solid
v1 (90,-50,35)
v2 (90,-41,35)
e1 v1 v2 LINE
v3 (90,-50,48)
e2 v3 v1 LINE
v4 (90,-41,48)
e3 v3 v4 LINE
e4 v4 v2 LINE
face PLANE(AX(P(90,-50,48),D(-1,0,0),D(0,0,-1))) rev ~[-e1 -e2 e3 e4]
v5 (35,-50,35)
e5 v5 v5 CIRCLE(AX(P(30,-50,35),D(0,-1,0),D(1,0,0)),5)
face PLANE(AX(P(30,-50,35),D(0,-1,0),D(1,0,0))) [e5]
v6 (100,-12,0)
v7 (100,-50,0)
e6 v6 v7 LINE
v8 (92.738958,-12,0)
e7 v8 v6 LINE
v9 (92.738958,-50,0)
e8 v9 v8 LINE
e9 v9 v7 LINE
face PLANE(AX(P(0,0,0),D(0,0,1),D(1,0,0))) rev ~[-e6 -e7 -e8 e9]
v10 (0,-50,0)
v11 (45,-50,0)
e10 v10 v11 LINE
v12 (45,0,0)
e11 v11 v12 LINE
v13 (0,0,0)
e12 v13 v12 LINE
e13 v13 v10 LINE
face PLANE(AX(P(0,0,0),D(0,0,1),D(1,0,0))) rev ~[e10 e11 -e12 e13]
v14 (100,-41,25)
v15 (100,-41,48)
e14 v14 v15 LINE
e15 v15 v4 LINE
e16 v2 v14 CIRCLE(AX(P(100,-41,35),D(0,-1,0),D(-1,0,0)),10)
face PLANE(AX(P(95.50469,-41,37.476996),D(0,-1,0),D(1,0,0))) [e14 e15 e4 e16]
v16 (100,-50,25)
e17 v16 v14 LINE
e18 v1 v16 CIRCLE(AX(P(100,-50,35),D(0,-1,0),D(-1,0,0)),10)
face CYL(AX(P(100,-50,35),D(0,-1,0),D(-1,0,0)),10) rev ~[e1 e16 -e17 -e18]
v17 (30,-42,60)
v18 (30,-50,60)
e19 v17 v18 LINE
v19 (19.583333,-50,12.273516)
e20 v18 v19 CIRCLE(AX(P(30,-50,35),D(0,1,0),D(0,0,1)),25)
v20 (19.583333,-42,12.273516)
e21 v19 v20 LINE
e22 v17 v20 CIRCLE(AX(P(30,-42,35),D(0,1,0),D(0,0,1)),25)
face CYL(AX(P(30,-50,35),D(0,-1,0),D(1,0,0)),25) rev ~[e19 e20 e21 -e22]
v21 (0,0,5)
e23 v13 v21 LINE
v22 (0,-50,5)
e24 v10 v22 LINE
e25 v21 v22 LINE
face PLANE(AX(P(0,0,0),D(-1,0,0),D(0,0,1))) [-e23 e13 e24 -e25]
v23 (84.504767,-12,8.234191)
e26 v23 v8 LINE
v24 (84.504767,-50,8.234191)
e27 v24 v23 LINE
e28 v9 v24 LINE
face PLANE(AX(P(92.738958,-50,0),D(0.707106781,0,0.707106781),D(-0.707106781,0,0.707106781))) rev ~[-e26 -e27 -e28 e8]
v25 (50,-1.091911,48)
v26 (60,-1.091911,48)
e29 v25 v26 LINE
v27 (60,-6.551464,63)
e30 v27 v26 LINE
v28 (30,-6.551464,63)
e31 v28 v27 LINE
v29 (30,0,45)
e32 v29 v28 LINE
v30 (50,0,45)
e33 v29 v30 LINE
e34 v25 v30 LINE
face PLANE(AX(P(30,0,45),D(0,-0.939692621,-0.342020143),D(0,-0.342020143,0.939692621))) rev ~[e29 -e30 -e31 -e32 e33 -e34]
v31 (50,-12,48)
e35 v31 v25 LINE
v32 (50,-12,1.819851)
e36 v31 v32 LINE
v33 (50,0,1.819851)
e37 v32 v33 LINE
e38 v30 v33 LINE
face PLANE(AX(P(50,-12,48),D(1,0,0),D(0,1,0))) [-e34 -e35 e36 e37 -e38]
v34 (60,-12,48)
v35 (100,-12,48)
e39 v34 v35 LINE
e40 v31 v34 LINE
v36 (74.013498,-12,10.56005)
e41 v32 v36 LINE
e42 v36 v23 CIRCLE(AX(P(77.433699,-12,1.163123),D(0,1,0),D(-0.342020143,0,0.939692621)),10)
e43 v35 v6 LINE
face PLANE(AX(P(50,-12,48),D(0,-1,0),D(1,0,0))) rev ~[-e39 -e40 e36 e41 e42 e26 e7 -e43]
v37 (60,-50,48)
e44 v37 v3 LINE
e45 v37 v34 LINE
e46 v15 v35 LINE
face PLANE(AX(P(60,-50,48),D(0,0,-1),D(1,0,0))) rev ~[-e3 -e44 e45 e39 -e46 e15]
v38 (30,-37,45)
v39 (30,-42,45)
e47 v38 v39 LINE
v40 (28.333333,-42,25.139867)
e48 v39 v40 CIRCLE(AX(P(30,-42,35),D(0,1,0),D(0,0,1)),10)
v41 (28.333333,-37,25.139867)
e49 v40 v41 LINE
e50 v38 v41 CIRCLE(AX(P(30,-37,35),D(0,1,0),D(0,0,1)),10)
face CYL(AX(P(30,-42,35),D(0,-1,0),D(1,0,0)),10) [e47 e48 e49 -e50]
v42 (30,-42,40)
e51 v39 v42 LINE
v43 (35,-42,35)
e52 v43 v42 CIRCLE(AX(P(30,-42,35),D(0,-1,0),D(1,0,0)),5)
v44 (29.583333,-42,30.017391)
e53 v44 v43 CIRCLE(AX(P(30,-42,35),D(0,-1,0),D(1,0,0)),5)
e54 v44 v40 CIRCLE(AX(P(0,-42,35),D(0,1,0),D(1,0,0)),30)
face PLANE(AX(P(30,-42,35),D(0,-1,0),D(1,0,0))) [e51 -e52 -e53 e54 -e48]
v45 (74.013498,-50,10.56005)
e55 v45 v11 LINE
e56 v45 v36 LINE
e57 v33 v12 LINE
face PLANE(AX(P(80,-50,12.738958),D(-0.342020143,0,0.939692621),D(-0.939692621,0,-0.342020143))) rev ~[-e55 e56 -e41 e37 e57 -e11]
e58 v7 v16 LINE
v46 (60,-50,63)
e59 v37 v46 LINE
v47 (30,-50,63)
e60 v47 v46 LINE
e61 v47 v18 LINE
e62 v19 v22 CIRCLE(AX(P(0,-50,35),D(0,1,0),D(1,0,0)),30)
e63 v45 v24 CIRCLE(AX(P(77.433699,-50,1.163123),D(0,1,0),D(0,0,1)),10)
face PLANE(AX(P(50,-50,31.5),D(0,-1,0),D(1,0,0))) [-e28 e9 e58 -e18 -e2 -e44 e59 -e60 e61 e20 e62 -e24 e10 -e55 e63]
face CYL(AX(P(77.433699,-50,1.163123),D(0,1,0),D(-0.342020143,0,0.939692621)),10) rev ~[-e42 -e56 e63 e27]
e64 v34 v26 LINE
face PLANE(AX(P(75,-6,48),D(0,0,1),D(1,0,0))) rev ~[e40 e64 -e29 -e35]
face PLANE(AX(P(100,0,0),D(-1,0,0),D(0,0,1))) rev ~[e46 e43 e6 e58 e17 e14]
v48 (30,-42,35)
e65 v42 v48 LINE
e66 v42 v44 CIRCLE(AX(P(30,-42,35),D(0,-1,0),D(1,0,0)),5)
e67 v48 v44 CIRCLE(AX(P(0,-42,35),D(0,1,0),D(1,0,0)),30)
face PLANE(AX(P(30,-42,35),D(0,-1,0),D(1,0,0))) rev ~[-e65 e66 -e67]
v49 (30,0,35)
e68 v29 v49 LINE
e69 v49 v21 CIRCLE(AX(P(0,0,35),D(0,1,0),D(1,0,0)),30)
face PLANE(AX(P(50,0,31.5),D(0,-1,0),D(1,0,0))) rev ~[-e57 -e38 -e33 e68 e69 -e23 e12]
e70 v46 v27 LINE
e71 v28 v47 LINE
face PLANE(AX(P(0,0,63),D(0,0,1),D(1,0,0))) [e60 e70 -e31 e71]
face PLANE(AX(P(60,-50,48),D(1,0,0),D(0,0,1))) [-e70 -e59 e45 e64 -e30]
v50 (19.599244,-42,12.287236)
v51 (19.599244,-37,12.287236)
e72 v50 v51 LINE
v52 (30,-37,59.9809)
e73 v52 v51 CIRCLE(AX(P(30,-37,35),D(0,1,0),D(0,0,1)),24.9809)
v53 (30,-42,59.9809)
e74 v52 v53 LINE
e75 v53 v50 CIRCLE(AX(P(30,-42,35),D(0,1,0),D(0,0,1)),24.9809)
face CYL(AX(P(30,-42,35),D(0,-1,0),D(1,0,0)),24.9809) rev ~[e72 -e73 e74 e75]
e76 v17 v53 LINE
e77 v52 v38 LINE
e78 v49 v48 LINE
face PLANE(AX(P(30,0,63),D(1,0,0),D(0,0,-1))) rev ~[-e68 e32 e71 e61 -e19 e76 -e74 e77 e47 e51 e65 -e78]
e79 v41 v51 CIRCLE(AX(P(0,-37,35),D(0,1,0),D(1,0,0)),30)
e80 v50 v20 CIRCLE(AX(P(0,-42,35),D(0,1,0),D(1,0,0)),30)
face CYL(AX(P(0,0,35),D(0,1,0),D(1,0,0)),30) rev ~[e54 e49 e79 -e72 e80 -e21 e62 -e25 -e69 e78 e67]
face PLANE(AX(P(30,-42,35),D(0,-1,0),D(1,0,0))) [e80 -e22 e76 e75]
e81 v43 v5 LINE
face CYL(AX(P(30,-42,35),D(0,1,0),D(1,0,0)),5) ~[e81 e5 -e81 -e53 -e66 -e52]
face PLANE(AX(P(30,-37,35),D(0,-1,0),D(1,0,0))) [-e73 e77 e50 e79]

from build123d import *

# Parameters (mm, degrees)
F0_W      = 100
F0_H      = 63
F1_DEPTH  = 50
F2_W      = 40
F2_H      = 15
F3_DEPTH  = 50
F5_DEPTH  = 9
F6_R      = 10
F7_W      = 50
F7_H      = 12
F8_DEPTH  = 48.001
F10_DEPTH = 50
F11_R     = 25
F12_DEPTH = 8
F13_R     = 24.9809
F13_R_2   = 10
F14_DEPTH = 5
F15_R     = 5
F16_DEPTH = 8
F18_DEPTH = 70.001


with BuildPart() as f1:
    # F0 (on Front) → F1 (new body)
    with BuildSketch(Plane.XZ):
        with Locations((50, 31.5)):
            Rectangle(F0_W, F0_H)
    extrude(amount=F1_DEPTH)

    # F2 (on face) → F3 (cut, through all)
    with BuildSketch(Plane.XZ.offset(50)):
        with Locations((80, 55.5)):
            Rectangle(F2_W, F2_H)
        Polygon((80, 12.7389581993), (45, 0), (92.7389581993, 0), align=None)
    extrude(amount=-F3_DEPTH, mode=Mode.SUBTRACT)

    # F4 (on face) → F5 (cut)
    with BuildSketch(Plane.XZ.offset(50)):
        with BuildLine():
            Line((100, 25), (100, 48))
            Line((100, 48), (90, 48))
            Line((90, 48), (90, 35))
            ThreePointArc((90, 35), (92.9289321881, 27.9289321881), (100, 25))
        make_face()
    extrude(amount=-F5_DEPTH, mode=Mode.SUBTRACT)

    # F6
    f6_edges = [f1.edges().sort_by_distance(p)[0] for p in [
        (80, -25, 12.738958),
    ]]
    fillet(f6_edges, radius=F6_R)

    # F7 (on face) → F8 (cut, through all)
    with BuildSketch(Plane.XY.offset(48)):
        with Locations((75, -6)):
            Rectangle(F7_W, F7_H)
    extrude(amount=-F8_DEPTH, mode=Mode.SUBTRACT)

    # F9 (on face) → F10 (cut, through all)
    with BuildSketch(Plane(origin=(0, 0, 0), x_dir=(-1, 0, 0), z_dir=(0, 1, 0))):
        with BuildLine():
            Line((-30, 63), (-30, 35))
            ThreePointArc((-30, 35), (-21.2132034356, 13.7867965644), (0, 5))
            Line((0, 5), (0, 63))
            Line((0, 63), (-30, 63))
        make_face()
    extrude(amount=-F10_DEPTH, mode=Mode.SUBTRACT)

    # F11 (on face) → F12 (cut)
    with BuildSketch(Plane.XZ.offset(50)):
        with Locations((30, 35)):
            Circle(F11_R)
    extrude(amount=-F12_DEPTH, mode=Mode.SUBTRACT)

    # F13 (on face) → F14 (cut)
    with BuildSketch(Plane.XZ.offset(42)):
        with Locations((30, 35)):
            Circle(F13_R)
        with Locations((30, 35)):
            Circle(F13_R_2, mode=Mode.SUBTRACT)
    extrude(amount=-F14_DEPTH, mode=Mode.SUBTRACT)

    # F15 (on face) → F16 (join, through all)
    with BuildSketch(Plane.XZ.offset(42)):
        with Locations((30, 35)):
            Circle(F15_R)
    extrude(amount=F16_DEPTH)

    # F17 (on face) → F18 (cut, through all)
    with BuildSketch(Plane(origin=(30, 0, 0), x_dir=(0, -1, 0), z_dir=(-1, 0, 0))):
        Polygon((6.5514642168, 63), (0, 63), (0, 45), align=None)
    extrude(amount=-F18_DEPTH, mode=Mode.SUBTRACT)


solid = f1.part
